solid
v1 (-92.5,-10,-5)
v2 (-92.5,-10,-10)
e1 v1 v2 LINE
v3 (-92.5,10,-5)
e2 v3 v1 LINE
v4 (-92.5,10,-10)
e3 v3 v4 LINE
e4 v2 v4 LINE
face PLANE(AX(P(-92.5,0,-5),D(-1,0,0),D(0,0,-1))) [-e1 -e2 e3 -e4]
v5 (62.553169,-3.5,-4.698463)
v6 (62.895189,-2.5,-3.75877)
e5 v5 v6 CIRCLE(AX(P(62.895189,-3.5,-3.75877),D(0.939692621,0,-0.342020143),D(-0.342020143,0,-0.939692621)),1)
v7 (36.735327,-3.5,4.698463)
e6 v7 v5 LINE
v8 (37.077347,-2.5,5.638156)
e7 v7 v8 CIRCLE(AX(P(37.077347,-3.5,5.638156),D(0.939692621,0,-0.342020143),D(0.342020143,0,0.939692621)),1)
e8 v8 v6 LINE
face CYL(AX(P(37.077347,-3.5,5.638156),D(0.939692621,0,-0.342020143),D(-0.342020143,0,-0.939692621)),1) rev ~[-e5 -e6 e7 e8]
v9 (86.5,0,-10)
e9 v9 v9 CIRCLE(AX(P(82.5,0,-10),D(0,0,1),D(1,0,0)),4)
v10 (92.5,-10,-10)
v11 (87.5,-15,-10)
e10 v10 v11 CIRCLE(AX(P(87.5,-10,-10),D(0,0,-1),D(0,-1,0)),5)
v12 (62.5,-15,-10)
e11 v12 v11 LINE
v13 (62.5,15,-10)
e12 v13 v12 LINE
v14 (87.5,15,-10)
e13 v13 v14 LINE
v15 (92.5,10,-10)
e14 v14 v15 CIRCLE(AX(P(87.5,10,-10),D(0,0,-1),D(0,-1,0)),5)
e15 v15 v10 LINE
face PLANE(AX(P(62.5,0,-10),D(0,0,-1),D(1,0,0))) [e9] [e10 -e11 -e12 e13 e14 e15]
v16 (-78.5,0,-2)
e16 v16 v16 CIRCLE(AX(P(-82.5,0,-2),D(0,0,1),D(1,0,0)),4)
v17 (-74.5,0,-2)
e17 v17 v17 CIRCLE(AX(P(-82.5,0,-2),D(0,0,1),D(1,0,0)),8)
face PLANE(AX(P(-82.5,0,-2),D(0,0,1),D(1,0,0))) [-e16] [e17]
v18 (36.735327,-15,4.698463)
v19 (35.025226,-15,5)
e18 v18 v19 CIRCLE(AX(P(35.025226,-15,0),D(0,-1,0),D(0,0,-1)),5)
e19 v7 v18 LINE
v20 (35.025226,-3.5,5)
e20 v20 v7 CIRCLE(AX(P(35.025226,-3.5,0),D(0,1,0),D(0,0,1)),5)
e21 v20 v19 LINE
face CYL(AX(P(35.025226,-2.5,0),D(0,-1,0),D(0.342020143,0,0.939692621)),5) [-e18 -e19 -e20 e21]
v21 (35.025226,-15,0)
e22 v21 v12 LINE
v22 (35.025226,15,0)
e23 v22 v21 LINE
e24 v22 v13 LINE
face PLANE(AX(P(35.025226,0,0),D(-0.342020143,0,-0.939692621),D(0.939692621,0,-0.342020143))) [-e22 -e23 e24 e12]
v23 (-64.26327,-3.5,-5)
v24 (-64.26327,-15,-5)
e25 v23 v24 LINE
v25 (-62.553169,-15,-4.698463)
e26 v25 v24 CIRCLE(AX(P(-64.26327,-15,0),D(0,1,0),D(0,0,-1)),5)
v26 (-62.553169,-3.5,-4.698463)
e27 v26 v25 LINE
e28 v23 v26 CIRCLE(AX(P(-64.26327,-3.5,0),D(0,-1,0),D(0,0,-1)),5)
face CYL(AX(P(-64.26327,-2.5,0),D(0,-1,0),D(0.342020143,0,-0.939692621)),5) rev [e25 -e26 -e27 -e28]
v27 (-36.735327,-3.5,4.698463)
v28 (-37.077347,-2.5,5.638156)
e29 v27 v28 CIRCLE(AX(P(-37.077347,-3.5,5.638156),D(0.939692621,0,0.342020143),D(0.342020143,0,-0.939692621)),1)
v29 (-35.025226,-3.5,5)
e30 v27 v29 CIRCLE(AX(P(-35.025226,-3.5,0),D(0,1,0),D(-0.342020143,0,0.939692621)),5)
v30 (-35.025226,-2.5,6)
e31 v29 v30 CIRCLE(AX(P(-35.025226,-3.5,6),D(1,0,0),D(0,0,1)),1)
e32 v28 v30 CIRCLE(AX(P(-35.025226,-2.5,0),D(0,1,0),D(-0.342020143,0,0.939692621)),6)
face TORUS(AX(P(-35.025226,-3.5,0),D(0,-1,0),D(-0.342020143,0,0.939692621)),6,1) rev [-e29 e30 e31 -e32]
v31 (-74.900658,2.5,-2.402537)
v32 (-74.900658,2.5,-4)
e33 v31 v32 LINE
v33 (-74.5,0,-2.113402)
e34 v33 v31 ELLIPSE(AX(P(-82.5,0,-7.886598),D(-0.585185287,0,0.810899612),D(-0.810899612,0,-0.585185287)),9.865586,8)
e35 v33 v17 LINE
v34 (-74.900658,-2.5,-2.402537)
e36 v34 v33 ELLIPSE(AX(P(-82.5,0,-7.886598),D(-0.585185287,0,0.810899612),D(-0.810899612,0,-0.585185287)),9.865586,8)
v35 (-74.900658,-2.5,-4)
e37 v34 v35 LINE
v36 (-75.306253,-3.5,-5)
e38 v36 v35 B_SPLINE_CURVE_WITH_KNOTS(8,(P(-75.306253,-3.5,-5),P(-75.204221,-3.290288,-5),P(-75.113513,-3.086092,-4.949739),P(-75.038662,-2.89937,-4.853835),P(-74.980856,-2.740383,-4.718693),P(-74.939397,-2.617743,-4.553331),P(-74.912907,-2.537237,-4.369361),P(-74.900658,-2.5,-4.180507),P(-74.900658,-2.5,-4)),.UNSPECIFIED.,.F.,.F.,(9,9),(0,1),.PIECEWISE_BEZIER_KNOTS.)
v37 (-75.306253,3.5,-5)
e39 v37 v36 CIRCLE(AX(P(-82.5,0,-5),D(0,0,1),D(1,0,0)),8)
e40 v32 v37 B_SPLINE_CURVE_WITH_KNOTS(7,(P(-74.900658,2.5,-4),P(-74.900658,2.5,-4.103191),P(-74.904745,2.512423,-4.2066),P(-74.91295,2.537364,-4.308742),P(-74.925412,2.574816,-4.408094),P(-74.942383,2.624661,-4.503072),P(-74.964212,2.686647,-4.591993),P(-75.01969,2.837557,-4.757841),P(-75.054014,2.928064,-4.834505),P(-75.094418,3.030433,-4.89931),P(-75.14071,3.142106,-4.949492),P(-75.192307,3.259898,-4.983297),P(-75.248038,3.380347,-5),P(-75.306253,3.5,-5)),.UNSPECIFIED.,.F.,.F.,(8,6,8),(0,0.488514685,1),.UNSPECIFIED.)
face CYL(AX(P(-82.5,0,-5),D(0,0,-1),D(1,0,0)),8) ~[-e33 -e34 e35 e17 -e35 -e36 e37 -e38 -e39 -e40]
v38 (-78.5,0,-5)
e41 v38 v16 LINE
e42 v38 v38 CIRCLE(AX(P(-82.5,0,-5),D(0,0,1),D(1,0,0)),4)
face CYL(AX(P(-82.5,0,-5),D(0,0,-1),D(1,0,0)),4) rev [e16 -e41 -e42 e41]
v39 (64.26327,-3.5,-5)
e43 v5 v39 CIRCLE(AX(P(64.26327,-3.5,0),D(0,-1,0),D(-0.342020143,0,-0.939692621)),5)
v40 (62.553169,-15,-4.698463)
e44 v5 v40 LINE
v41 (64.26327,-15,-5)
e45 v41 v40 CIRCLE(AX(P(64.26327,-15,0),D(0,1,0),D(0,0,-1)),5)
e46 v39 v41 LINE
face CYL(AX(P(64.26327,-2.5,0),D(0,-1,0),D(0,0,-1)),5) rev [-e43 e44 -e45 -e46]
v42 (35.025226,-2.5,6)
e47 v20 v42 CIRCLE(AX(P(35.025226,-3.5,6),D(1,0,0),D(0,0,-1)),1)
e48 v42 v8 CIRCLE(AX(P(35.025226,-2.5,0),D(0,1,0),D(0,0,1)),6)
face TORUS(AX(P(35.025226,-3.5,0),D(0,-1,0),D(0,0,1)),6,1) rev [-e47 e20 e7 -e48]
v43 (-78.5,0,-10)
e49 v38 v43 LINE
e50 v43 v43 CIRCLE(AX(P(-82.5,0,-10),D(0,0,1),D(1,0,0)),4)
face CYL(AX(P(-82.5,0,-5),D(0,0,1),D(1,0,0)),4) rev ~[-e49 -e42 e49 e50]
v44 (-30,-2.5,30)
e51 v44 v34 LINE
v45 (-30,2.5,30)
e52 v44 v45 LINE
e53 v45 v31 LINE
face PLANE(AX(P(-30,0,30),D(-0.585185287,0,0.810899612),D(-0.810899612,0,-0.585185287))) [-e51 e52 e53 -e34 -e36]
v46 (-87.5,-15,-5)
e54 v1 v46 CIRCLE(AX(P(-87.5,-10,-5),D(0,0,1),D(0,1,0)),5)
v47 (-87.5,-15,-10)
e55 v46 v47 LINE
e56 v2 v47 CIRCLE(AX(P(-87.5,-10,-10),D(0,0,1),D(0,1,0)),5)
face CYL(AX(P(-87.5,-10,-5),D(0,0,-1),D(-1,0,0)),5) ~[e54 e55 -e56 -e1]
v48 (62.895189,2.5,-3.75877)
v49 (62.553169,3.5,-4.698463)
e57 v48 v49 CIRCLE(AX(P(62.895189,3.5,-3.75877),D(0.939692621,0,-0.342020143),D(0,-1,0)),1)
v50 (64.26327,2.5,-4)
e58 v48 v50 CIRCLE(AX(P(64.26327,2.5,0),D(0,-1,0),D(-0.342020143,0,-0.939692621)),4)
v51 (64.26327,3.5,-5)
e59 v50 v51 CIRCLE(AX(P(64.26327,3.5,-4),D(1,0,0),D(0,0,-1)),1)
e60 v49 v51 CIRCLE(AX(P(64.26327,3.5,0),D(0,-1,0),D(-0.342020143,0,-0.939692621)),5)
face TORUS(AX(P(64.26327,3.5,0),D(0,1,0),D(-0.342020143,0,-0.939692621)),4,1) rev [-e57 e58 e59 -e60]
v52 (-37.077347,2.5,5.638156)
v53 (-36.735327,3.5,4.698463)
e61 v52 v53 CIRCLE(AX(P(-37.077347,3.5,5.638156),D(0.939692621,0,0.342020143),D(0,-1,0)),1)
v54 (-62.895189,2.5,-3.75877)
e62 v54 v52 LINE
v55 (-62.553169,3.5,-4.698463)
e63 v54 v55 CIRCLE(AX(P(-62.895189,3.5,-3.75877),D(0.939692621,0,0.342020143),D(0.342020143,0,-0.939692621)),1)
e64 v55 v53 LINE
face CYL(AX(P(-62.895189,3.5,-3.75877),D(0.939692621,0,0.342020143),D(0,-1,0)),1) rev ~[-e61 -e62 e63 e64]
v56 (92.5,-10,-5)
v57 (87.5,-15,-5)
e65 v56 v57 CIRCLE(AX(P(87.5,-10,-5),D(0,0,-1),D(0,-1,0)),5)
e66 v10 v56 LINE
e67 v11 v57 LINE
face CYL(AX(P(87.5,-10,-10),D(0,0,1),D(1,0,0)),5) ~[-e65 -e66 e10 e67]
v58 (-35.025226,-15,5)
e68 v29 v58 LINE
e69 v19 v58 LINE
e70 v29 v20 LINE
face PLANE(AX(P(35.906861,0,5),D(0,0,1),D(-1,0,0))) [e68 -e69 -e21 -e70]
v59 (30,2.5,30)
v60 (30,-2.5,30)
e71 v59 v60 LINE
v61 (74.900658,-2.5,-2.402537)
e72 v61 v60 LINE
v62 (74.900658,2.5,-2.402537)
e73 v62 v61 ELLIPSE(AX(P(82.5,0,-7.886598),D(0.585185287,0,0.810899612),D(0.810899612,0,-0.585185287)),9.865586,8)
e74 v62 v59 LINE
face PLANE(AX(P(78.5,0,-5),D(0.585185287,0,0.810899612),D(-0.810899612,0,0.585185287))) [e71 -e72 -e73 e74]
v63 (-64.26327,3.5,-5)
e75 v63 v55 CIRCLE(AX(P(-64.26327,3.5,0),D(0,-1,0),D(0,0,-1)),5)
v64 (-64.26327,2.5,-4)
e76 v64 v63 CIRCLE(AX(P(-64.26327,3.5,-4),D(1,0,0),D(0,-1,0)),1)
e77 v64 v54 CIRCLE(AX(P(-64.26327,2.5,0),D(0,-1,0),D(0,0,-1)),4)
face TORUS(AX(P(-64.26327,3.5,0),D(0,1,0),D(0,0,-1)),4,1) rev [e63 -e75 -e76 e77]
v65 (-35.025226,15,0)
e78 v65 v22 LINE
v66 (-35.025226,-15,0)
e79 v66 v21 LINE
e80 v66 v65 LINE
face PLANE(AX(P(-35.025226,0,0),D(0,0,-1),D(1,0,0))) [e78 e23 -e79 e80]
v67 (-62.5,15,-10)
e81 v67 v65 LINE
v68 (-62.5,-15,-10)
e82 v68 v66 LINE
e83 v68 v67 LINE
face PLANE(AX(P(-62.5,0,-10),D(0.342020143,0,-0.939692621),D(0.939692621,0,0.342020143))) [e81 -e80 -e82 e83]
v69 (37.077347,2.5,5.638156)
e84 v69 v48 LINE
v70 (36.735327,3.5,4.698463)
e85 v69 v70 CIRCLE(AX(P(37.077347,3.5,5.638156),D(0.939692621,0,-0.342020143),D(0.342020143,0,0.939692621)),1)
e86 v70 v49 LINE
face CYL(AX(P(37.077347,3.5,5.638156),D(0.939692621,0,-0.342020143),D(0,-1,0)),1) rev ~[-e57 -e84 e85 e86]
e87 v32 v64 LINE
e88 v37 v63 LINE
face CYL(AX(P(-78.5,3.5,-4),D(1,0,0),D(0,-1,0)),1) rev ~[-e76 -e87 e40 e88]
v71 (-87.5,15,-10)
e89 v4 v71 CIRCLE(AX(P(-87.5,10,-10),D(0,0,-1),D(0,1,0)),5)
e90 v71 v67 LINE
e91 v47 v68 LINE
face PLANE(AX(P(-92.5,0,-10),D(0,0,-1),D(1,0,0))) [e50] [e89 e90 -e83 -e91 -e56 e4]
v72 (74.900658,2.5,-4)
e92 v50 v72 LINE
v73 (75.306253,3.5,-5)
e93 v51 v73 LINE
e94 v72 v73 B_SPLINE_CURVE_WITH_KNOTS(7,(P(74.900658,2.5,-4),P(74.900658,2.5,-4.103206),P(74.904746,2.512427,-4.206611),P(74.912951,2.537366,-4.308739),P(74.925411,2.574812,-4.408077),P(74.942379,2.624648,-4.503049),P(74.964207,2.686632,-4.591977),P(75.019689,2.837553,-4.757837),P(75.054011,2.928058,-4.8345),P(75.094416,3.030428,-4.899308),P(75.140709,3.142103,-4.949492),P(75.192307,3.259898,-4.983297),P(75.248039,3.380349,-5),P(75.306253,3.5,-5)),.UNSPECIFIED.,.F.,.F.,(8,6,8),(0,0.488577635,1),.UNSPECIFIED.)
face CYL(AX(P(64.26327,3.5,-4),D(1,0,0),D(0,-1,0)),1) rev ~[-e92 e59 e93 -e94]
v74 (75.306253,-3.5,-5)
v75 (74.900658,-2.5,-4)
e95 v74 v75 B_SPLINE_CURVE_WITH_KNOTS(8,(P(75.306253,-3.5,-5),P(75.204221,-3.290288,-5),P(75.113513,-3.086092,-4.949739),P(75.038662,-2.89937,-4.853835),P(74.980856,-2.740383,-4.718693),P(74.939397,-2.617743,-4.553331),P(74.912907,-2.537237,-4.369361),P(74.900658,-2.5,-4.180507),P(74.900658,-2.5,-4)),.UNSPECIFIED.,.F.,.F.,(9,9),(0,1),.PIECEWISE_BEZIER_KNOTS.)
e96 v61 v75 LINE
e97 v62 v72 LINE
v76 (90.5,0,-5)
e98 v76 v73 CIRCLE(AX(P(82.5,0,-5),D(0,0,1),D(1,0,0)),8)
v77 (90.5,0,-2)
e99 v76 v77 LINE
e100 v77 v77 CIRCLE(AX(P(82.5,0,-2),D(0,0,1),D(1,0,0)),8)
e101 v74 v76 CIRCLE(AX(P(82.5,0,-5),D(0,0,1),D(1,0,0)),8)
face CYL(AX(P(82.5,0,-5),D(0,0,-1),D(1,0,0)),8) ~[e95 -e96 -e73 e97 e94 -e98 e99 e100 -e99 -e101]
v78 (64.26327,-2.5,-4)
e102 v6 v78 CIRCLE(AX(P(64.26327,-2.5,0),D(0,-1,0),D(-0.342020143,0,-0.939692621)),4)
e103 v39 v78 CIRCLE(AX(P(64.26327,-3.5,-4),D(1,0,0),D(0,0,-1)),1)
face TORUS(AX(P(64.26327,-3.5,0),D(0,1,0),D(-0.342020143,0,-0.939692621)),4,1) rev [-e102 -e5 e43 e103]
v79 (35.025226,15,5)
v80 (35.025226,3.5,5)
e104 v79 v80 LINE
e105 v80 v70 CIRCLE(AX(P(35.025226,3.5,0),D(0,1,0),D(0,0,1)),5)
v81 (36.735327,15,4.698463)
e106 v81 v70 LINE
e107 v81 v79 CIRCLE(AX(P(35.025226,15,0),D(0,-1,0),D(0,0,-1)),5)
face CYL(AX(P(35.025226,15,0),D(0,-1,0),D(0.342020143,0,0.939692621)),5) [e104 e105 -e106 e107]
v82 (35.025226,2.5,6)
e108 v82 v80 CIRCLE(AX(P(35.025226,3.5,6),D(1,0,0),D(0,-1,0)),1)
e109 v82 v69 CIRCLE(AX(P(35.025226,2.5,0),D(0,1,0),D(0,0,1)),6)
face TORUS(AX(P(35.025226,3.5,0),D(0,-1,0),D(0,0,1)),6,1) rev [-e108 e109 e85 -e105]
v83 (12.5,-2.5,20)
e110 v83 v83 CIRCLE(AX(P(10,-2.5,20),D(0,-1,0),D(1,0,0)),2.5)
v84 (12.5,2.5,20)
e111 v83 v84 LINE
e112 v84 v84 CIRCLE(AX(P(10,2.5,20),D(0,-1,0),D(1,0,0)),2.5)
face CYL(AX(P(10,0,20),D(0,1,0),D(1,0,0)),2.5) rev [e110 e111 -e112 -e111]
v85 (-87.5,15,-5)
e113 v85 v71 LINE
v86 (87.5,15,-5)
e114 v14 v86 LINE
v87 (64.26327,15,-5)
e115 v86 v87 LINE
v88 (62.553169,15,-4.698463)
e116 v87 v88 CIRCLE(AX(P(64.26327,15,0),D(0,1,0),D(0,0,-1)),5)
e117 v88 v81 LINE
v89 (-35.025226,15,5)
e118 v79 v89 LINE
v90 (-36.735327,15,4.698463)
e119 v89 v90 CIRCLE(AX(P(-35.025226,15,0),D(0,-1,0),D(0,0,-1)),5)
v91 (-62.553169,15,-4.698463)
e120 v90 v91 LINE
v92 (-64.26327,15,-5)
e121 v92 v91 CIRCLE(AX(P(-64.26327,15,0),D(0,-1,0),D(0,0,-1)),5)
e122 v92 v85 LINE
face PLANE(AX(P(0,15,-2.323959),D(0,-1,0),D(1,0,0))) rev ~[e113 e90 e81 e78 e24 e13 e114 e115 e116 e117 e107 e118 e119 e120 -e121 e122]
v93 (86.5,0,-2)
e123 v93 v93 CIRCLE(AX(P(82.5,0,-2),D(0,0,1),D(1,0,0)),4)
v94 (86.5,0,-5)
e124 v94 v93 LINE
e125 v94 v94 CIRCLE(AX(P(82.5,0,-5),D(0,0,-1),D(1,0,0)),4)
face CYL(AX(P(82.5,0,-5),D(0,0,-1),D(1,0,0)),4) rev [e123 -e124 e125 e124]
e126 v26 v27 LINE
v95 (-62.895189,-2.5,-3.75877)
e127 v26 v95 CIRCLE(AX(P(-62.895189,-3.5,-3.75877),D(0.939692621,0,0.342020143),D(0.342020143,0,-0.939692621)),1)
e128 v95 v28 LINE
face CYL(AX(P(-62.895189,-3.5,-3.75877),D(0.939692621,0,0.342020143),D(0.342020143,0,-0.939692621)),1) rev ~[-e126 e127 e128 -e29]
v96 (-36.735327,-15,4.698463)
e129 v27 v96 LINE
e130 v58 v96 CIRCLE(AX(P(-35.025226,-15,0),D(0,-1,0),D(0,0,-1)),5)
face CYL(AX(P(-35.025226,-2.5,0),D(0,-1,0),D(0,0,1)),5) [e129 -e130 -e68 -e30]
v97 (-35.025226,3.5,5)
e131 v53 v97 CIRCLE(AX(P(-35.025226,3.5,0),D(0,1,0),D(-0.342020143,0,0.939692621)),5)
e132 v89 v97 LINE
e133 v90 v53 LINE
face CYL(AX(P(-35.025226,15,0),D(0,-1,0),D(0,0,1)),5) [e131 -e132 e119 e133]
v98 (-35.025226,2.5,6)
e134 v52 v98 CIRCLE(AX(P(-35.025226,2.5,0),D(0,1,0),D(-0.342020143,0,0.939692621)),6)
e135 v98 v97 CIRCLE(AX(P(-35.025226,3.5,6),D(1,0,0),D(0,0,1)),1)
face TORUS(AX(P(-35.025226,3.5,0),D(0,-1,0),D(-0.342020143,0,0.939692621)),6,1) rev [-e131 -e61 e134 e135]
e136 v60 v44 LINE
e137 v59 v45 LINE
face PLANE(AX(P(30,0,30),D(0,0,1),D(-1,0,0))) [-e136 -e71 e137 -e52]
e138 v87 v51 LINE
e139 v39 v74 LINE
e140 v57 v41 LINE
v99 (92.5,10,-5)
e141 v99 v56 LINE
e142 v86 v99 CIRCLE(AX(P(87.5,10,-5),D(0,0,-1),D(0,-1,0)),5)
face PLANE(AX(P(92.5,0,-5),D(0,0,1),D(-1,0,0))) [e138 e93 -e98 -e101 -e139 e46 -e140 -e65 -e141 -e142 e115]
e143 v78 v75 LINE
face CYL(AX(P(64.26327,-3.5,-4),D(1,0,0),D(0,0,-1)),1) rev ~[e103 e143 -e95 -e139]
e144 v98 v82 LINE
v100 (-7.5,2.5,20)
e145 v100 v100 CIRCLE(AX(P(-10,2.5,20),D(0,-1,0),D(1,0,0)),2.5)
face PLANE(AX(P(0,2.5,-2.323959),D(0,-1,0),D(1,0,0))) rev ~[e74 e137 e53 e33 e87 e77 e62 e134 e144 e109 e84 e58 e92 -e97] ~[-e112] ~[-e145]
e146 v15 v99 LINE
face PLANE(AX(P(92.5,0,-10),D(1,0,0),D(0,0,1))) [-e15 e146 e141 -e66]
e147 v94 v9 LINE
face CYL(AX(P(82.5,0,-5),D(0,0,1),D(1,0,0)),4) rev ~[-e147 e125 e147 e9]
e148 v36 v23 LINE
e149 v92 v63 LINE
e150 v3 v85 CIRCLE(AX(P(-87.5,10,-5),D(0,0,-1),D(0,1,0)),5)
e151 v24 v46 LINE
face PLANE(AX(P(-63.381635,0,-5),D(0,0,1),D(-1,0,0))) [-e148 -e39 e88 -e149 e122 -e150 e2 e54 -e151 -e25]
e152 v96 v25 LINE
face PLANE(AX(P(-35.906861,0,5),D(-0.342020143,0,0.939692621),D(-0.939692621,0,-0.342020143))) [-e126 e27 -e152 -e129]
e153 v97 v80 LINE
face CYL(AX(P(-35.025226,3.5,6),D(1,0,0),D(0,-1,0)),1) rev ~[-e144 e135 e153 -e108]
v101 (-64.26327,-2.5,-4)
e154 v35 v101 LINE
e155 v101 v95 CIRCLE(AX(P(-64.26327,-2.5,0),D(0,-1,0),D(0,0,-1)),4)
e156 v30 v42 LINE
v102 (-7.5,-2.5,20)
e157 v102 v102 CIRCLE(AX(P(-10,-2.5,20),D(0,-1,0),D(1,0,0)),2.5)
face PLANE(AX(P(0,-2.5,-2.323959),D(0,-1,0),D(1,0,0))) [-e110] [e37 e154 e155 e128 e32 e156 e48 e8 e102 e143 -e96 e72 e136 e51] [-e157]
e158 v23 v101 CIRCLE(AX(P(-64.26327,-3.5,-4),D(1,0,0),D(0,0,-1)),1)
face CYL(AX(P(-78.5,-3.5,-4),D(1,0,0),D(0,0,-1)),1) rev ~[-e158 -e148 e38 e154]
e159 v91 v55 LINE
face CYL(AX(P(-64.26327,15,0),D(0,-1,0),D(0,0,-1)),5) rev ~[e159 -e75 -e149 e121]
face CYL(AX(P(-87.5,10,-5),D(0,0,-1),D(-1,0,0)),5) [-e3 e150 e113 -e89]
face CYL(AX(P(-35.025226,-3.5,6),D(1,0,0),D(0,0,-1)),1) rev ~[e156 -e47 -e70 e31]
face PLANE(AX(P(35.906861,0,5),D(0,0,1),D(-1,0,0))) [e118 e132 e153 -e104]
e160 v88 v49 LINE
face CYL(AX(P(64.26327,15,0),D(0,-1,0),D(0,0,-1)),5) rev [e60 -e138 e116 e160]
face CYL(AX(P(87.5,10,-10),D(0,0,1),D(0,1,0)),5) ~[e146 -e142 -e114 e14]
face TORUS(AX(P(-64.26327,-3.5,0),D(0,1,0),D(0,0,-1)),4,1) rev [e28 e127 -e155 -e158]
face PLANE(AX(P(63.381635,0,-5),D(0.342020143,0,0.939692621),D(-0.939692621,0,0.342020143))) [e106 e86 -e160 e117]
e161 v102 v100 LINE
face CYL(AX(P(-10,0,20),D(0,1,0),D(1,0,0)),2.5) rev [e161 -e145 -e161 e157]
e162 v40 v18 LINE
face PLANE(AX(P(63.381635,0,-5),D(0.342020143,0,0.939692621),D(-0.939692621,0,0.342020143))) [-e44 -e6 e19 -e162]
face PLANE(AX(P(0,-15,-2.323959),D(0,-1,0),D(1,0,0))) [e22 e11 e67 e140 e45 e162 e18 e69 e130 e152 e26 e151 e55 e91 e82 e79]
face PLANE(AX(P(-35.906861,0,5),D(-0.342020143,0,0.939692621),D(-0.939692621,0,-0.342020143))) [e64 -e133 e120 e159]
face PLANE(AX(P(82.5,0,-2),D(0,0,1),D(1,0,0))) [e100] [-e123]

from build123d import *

# Parameters (mm, degrees)
F1_DEPTH = 15
F0_R     = 2.5
F3_DEPTH = 2.5
F2_R     = 4
F4_DEPTH = 5.001
F5_R     = 5
F6_R     = 1
F7_R     = 5
F2_R_2   = 8
F8_DEPTH = 3


with BuildPart() as f1:
    # F0 (on Front) → F1 (new body, symmetric)
    with BuildSketch(Plane.XZ):
        Polygon((-35.0252258055, 0), (0, 0), (35.0252258055, 0), (62.5, -10), (92.5, -10), (92.5, -5), (78.5, -5), (63.3816349035, -5), (35.906860709, 5), (0, 5), (-35.906860709, 5), (-63.3816349035, -5), (-78.5, -5), (-92.5, -5), (-92.5, -10), (-62.5, -10), align=None)
    extrude(amount=F1_DEPTH, both=True)

    # F0 (on Front) → F3 (join, symmetric)
    with BuildSketch(Plane.XZ):
        Polygon((-35.0252258055, 0), (0, 0), (35.0252258055, 0), (62.5, -10), (92.5, -10), (92.5, -5), (78.5, -5), (63.3816349035, -5), (35.906860709, 5), (0, 5), (-35.906860709, 5), (-63.3816349035, -5), (-78.5, -5), (-92.5, -5), (-92.5, -10), (-62.5, -10), align=None)
        Polygon((-30, 30), (-78.5, -5), (-63.3816349035, -5), (-35.906860709, 5), (0, 5), (35.906860709, 5), (63.3816349035, -5), (78.5, -5), (30, 30), (0, 30), align=None)
        with Locations((-10, 20)):
            Circle(F0_R, mode=Mode.SUBTRACT)
        with Locations((10, 20)):
            Circle(F0_R, mode=Mode.SUBTRACT)
    extrude(amount=F3_DEPTH, both=True)

    # F2 (on face) → F4 (cut, through all)
    with BuildSketch(Plane.XY.offset(-5)):
        with Locations((-82.5, 0)):
            Circle(F2_R)
        with Locations((82.5, 0)):
            Circle(F2_R)
    extrude(amount=-F4_DEPTH, mode=Mode.SUBTRACT)

    # F5
    f5_edges = [f1.edges().sort_by_distance(p)[0] for p in [
        (-63.381635, -8.75, -5),
        (-63.381635, 8.75, -5),
        (-35.906861, -8.75, 5),
        (-35.906861, 8.75, 5),
        (63.381635, 8.75, -5),
        (63.381635, -8.75, -5),
        (35.906861, -8.75, 5),
        (35.906861, 8.75, 5),
    ]]
    fillet(f5_edges, radius=F5_R)

    # F6
    f6_edges = [f1.edges().sort_by_distance(p)[0] for p in [
        (0, -2.5, 5),
        (0, 2.5, 5),
    ]]
    fillet(f6_edges, radius=F6_R)

    # F7
    f7_edges = [f1.edges().sort_by_distance(p)[0] for p in [
        (-92.5, -15, -7.5),
        (92.5, -15, -7.5),
        (92.5, 15, -7.5),
        (-92.5, 15, -7.5),
    ]]
    fillet(f7_edges, radius=F7_R)

    # F2 (on face) → F8 (join)
    with BuildSketch(Plane.XY.offset(-5)):
        with Locations((-82.5, 0)):
            Circle(F2_R_2)
        with Locations((-82.5, 0)):
            Circle(F2_R, mode=Mode.SUBTRACT)
        with Locations((82.5, 0)):
            Circle(F2_R_2)
        with Locations((82.5, 0)):
            Circle(F2_R, mode=Mode.SUBTRACT)
    extrude(amount=F8_DEPTH)


solid = f1.part
